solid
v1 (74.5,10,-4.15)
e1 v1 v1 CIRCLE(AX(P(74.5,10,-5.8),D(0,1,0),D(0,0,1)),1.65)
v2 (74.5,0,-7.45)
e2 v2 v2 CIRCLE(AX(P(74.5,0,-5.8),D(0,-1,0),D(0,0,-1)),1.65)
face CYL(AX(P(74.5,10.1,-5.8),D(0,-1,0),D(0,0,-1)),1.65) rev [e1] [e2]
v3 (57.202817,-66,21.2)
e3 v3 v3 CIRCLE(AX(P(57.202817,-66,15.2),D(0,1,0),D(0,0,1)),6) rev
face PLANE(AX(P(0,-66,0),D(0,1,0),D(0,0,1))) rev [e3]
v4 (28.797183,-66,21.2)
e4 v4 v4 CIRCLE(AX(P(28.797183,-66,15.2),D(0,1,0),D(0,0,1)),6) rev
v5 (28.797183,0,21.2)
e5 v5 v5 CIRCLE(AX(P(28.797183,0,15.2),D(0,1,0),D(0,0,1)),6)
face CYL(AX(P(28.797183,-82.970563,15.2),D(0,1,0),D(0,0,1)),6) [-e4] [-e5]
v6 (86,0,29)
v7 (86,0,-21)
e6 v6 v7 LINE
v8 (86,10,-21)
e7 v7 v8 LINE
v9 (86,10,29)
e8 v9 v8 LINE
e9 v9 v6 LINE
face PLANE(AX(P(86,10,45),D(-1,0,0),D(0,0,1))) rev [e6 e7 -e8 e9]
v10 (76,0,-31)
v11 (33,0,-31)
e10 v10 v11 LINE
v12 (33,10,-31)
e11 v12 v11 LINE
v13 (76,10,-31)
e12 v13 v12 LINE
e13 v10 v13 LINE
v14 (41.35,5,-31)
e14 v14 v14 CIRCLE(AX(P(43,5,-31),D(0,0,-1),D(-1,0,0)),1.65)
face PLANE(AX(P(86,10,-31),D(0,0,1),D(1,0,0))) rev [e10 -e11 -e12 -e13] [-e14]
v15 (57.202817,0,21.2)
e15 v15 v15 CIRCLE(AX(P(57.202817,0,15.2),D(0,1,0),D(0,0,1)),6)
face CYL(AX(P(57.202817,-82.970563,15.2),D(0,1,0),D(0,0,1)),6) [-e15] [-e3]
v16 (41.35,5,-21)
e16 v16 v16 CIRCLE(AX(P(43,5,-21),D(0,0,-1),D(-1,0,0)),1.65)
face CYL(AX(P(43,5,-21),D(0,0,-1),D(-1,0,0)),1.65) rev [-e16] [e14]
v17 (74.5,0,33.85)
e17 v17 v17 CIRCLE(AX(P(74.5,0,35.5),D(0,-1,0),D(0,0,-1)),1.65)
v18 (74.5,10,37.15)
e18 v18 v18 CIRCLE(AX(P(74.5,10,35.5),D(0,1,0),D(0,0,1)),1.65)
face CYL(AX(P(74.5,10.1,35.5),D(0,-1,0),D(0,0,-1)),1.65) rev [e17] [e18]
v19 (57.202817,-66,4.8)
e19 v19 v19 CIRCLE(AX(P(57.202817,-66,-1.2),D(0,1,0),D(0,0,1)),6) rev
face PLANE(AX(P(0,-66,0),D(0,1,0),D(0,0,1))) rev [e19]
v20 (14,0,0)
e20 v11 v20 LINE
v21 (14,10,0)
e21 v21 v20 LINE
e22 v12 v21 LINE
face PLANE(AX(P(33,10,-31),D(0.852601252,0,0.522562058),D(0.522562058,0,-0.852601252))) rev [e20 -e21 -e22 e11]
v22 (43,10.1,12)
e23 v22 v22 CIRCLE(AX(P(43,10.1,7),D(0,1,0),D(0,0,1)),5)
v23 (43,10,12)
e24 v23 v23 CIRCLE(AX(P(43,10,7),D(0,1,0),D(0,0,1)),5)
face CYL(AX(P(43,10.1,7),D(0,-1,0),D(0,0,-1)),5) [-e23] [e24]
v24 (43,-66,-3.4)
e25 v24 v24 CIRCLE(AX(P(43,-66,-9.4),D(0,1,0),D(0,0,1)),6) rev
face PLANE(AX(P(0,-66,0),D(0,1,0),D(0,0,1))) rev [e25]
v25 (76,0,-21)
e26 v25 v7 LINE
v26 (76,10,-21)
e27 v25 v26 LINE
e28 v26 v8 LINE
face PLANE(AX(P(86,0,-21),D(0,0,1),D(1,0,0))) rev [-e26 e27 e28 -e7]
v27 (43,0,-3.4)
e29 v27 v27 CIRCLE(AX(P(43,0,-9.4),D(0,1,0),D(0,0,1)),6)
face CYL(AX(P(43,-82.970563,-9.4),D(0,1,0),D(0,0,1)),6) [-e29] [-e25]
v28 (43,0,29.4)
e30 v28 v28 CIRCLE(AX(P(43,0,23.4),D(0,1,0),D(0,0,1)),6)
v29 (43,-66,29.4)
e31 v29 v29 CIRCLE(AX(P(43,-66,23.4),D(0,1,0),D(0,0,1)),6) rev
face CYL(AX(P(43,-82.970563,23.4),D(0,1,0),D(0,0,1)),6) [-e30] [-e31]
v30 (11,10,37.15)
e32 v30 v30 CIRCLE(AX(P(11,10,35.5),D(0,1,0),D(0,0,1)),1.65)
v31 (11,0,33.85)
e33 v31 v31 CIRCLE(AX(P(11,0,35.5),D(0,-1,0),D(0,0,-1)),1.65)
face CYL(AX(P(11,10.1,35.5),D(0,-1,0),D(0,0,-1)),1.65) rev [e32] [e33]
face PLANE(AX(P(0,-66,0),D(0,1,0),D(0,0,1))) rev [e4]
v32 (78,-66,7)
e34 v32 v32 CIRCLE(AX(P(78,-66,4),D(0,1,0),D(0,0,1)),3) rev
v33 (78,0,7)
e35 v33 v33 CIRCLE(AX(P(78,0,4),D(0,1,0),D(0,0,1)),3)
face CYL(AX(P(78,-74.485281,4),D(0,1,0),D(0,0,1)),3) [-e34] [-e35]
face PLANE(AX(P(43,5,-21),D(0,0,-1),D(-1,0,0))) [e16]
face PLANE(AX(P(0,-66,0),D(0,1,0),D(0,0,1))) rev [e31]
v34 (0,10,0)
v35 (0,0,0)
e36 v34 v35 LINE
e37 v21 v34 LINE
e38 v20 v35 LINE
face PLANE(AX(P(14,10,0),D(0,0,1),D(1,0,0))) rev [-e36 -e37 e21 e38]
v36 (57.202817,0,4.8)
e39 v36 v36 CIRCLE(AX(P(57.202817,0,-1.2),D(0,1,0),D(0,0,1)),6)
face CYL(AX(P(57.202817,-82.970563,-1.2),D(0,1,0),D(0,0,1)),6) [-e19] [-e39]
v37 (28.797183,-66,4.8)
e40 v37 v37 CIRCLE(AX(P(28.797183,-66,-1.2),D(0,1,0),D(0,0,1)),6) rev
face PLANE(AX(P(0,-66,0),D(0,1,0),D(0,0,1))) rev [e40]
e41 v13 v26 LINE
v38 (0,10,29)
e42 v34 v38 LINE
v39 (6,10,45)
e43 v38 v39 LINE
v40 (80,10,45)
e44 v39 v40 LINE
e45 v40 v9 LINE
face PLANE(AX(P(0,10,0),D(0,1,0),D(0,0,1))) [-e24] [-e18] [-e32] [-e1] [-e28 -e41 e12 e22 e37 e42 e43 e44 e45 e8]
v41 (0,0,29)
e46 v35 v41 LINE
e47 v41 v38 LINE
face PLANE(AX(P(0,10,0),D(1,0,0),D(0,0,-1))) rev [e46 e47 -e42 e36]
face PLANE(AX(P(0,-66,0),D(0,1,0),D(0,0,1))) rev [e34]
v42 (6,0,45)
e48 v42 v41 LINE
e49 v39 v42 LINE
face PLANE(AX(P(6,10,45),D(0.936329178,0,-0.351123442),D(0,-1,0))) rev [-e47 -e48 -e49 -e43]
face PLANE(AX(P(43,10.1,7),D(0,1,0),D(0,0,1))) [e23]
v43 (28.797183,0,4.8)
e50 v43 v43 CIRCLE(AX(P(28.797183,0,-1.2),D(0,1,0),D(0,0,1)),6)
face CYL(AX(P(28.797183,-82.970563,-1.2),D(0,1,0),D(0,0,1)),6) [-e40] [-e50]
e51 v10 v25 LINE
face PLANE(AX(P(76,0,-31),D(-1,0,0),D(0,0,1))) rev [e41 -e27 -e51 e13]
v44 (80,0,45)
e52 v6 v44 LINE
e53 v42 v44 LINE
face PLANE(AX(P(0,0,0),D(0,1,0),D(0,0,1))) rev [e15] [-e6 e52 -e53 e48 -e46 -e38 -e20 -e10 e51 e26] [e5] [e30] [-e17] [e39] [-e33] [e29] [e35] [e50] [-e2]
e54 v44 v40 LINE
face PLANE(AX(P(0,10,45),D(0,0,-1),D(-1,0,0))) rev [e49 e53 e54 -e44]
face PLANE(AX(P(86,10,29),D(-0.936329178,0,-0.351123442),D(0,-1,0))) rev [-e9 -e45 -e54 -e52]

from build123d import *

# Parameters (mm, degrees)
BOSS_EXTRUDE1_DEPTH = 10
CHAMFER1_SIZE       = 6
CHAMFER1_SIZE2      = 16
CHAMFER2_SIZE       = 16
CHAMFER2_SIZE2      = 6
SKETCH2_W           = 10
SKETCH2_H           = 10
CUT_EXTRUDE1_DEPTH  = 10
BOSS_EXTRUDE2_DEPTH = 0.1
SKETCH4_R           = 6
BOSS_EXTRUDE3_DEPTH = 76
SKETCH5_R           = 3
BOSS_EXTRUDE4_DEPTH = 76
SKETCH6_R           = 1.65
CUT_EXTRUDE2_DEPTH  = 11.1
SKETCH7_R           = 1.65
CUT_EXTRUDE3_DEPTH  = 10


with BuildPart() as part:
    # Sketch1 → Boss-Extrude1 (new body)
    with BuildSketch(Plane(origin=(0, 0, 0), x_dir=(1, 0, 0), z_dir=(0, 1, 0))):
        Polygon((0, 0), (0, -45), (86, -45), (86, 31), (33, 31), (14, 0), align=None)
    extrude(amount=BOSS_EXTRUDE1_DEPTH)

    # Chamfer1
    chamfer1_edges = [part.edges().sort_by_distance(p)[0] for p in [
        (86, 5, 45),
    ]]
    chamfer1_side = [part.faces().sort_by_distance(p)[0] for p in [
        (43, 5, 45),
    ]]
    chamfer(chamfer1_edges, length=CHAMFER1_SIZE, length2=CHAMFER1_SIZE2, reference=chamfer1_side[0])

    # Chamfer2
    chamfer2_edges = [part.edges().sort_by_distance(p)[0] for p in [
        (0, 5, 45),
    ]]
    chamfer2_side = [part.faces().sort_by_distance(p)[0] for p in [
        (0, 5, 22.5),
    ]]
    chamfer(chamfer2_edges, length=CHAMFER2_SIZE, length2=CHAMFER2_SIZE2, reference=chamfer2_side[0])

    # Sketch2 → Cut-Extrude1 (cut)
    with BuildSketch(Plane(origin=(0, 10, 0), x_dir=(1, 0, 0), z_dir=(0, 1, 0))):
        with Locations((81, 26)):
            Rectangle(SKETCH2_W, SKETCH2_H)
    extrude(amount=-CUT_EXTRUDE1_DEPTH, mode=Mode.SUBTRACT)

    # Sketch3 → Boss-Extrude2 (add)
    with BuildSketch(Plane(origin=(0, 10, 0), x_dir=(1, 0, 0), z_dir=(0, 1, 0))):
        with BuildLine():
            ThreePointArc((41.3, -2.297872822), (43, -12), (44.7, -2.297872822))
            ThreePointArc((44.7, -2.297872822), (43, -2), (41.3, -2.297872822))
        make_face()
    extrude(amount=BOSS_EXTRUDE2_DEPTH)

    # Sketch4 → Boss-Extrude3 (add)
    with BuildSketch(Plane(origin=(0, 10, 0), x_dir=(1, 0, 0), z_dir=(0, 1, 0))):
        with Locations((43, 9.4)):
            Circle(SKETCH4_R)
        with Locations((57.202816622, 1.2)):
            Circle(SKETCH4_R)
        with Locations((57.202816622, -15.2)):
            Circle(SKETCH4_R)
        with Locations((43, -23.4)):
            Circle(SKETCH4_R)
        with Locations((28.797183378, -15.2)):
            Circle(SKETCH4_R)
        with Locations((28.797183378, 1.2)):
            Circle(SKETCH4_R)
    extrude(amount=-BOSS_EXTRUDE3_DEPTH)

    # Sketch5 → Boss-Extrude4 (add)
    with BuildSketch(Plane(origin=(0, 10, 0), x_dir=(1, 0, 0), z_dir=(0, 1, 0))):
        with Locations((78, -4)):
            Circle(SKETCH5_R)
    extrude(amount=-BOSS_EXTRUDE4_DEPTH)

    # Sketch6 → Cut-Extrude2 (cut, through all)
    with BuildSketch(Plane.XZ):
        with Locations((74.5, -5.8)):
            Circle(SKETCH6_R)
        with Locations((74.5, 35.5)):
            Circle(SKETCH6_R)
        with Locations((11, 35.5)):
            Circle(SKETCH6_R)
    extrude(amount=-CUT_EXTRUDE2_DEPTH, mode=Mode.SUBTRACT)

    # Sketch7 → Cut-Extrude3 (cut)
    with BuildSketch(Plane(origin=(0, 0, -31), x_dir=(-1, 0, 0), z_dir=(0, 0, -1))):
        with Locations((-43, 5)):
            Circle(SKETCH7_R)
    extrude(amount=-CUT_EXTRUDE3_DEPTH, mode=Mode.SUBTRACT)


solid = part.part
